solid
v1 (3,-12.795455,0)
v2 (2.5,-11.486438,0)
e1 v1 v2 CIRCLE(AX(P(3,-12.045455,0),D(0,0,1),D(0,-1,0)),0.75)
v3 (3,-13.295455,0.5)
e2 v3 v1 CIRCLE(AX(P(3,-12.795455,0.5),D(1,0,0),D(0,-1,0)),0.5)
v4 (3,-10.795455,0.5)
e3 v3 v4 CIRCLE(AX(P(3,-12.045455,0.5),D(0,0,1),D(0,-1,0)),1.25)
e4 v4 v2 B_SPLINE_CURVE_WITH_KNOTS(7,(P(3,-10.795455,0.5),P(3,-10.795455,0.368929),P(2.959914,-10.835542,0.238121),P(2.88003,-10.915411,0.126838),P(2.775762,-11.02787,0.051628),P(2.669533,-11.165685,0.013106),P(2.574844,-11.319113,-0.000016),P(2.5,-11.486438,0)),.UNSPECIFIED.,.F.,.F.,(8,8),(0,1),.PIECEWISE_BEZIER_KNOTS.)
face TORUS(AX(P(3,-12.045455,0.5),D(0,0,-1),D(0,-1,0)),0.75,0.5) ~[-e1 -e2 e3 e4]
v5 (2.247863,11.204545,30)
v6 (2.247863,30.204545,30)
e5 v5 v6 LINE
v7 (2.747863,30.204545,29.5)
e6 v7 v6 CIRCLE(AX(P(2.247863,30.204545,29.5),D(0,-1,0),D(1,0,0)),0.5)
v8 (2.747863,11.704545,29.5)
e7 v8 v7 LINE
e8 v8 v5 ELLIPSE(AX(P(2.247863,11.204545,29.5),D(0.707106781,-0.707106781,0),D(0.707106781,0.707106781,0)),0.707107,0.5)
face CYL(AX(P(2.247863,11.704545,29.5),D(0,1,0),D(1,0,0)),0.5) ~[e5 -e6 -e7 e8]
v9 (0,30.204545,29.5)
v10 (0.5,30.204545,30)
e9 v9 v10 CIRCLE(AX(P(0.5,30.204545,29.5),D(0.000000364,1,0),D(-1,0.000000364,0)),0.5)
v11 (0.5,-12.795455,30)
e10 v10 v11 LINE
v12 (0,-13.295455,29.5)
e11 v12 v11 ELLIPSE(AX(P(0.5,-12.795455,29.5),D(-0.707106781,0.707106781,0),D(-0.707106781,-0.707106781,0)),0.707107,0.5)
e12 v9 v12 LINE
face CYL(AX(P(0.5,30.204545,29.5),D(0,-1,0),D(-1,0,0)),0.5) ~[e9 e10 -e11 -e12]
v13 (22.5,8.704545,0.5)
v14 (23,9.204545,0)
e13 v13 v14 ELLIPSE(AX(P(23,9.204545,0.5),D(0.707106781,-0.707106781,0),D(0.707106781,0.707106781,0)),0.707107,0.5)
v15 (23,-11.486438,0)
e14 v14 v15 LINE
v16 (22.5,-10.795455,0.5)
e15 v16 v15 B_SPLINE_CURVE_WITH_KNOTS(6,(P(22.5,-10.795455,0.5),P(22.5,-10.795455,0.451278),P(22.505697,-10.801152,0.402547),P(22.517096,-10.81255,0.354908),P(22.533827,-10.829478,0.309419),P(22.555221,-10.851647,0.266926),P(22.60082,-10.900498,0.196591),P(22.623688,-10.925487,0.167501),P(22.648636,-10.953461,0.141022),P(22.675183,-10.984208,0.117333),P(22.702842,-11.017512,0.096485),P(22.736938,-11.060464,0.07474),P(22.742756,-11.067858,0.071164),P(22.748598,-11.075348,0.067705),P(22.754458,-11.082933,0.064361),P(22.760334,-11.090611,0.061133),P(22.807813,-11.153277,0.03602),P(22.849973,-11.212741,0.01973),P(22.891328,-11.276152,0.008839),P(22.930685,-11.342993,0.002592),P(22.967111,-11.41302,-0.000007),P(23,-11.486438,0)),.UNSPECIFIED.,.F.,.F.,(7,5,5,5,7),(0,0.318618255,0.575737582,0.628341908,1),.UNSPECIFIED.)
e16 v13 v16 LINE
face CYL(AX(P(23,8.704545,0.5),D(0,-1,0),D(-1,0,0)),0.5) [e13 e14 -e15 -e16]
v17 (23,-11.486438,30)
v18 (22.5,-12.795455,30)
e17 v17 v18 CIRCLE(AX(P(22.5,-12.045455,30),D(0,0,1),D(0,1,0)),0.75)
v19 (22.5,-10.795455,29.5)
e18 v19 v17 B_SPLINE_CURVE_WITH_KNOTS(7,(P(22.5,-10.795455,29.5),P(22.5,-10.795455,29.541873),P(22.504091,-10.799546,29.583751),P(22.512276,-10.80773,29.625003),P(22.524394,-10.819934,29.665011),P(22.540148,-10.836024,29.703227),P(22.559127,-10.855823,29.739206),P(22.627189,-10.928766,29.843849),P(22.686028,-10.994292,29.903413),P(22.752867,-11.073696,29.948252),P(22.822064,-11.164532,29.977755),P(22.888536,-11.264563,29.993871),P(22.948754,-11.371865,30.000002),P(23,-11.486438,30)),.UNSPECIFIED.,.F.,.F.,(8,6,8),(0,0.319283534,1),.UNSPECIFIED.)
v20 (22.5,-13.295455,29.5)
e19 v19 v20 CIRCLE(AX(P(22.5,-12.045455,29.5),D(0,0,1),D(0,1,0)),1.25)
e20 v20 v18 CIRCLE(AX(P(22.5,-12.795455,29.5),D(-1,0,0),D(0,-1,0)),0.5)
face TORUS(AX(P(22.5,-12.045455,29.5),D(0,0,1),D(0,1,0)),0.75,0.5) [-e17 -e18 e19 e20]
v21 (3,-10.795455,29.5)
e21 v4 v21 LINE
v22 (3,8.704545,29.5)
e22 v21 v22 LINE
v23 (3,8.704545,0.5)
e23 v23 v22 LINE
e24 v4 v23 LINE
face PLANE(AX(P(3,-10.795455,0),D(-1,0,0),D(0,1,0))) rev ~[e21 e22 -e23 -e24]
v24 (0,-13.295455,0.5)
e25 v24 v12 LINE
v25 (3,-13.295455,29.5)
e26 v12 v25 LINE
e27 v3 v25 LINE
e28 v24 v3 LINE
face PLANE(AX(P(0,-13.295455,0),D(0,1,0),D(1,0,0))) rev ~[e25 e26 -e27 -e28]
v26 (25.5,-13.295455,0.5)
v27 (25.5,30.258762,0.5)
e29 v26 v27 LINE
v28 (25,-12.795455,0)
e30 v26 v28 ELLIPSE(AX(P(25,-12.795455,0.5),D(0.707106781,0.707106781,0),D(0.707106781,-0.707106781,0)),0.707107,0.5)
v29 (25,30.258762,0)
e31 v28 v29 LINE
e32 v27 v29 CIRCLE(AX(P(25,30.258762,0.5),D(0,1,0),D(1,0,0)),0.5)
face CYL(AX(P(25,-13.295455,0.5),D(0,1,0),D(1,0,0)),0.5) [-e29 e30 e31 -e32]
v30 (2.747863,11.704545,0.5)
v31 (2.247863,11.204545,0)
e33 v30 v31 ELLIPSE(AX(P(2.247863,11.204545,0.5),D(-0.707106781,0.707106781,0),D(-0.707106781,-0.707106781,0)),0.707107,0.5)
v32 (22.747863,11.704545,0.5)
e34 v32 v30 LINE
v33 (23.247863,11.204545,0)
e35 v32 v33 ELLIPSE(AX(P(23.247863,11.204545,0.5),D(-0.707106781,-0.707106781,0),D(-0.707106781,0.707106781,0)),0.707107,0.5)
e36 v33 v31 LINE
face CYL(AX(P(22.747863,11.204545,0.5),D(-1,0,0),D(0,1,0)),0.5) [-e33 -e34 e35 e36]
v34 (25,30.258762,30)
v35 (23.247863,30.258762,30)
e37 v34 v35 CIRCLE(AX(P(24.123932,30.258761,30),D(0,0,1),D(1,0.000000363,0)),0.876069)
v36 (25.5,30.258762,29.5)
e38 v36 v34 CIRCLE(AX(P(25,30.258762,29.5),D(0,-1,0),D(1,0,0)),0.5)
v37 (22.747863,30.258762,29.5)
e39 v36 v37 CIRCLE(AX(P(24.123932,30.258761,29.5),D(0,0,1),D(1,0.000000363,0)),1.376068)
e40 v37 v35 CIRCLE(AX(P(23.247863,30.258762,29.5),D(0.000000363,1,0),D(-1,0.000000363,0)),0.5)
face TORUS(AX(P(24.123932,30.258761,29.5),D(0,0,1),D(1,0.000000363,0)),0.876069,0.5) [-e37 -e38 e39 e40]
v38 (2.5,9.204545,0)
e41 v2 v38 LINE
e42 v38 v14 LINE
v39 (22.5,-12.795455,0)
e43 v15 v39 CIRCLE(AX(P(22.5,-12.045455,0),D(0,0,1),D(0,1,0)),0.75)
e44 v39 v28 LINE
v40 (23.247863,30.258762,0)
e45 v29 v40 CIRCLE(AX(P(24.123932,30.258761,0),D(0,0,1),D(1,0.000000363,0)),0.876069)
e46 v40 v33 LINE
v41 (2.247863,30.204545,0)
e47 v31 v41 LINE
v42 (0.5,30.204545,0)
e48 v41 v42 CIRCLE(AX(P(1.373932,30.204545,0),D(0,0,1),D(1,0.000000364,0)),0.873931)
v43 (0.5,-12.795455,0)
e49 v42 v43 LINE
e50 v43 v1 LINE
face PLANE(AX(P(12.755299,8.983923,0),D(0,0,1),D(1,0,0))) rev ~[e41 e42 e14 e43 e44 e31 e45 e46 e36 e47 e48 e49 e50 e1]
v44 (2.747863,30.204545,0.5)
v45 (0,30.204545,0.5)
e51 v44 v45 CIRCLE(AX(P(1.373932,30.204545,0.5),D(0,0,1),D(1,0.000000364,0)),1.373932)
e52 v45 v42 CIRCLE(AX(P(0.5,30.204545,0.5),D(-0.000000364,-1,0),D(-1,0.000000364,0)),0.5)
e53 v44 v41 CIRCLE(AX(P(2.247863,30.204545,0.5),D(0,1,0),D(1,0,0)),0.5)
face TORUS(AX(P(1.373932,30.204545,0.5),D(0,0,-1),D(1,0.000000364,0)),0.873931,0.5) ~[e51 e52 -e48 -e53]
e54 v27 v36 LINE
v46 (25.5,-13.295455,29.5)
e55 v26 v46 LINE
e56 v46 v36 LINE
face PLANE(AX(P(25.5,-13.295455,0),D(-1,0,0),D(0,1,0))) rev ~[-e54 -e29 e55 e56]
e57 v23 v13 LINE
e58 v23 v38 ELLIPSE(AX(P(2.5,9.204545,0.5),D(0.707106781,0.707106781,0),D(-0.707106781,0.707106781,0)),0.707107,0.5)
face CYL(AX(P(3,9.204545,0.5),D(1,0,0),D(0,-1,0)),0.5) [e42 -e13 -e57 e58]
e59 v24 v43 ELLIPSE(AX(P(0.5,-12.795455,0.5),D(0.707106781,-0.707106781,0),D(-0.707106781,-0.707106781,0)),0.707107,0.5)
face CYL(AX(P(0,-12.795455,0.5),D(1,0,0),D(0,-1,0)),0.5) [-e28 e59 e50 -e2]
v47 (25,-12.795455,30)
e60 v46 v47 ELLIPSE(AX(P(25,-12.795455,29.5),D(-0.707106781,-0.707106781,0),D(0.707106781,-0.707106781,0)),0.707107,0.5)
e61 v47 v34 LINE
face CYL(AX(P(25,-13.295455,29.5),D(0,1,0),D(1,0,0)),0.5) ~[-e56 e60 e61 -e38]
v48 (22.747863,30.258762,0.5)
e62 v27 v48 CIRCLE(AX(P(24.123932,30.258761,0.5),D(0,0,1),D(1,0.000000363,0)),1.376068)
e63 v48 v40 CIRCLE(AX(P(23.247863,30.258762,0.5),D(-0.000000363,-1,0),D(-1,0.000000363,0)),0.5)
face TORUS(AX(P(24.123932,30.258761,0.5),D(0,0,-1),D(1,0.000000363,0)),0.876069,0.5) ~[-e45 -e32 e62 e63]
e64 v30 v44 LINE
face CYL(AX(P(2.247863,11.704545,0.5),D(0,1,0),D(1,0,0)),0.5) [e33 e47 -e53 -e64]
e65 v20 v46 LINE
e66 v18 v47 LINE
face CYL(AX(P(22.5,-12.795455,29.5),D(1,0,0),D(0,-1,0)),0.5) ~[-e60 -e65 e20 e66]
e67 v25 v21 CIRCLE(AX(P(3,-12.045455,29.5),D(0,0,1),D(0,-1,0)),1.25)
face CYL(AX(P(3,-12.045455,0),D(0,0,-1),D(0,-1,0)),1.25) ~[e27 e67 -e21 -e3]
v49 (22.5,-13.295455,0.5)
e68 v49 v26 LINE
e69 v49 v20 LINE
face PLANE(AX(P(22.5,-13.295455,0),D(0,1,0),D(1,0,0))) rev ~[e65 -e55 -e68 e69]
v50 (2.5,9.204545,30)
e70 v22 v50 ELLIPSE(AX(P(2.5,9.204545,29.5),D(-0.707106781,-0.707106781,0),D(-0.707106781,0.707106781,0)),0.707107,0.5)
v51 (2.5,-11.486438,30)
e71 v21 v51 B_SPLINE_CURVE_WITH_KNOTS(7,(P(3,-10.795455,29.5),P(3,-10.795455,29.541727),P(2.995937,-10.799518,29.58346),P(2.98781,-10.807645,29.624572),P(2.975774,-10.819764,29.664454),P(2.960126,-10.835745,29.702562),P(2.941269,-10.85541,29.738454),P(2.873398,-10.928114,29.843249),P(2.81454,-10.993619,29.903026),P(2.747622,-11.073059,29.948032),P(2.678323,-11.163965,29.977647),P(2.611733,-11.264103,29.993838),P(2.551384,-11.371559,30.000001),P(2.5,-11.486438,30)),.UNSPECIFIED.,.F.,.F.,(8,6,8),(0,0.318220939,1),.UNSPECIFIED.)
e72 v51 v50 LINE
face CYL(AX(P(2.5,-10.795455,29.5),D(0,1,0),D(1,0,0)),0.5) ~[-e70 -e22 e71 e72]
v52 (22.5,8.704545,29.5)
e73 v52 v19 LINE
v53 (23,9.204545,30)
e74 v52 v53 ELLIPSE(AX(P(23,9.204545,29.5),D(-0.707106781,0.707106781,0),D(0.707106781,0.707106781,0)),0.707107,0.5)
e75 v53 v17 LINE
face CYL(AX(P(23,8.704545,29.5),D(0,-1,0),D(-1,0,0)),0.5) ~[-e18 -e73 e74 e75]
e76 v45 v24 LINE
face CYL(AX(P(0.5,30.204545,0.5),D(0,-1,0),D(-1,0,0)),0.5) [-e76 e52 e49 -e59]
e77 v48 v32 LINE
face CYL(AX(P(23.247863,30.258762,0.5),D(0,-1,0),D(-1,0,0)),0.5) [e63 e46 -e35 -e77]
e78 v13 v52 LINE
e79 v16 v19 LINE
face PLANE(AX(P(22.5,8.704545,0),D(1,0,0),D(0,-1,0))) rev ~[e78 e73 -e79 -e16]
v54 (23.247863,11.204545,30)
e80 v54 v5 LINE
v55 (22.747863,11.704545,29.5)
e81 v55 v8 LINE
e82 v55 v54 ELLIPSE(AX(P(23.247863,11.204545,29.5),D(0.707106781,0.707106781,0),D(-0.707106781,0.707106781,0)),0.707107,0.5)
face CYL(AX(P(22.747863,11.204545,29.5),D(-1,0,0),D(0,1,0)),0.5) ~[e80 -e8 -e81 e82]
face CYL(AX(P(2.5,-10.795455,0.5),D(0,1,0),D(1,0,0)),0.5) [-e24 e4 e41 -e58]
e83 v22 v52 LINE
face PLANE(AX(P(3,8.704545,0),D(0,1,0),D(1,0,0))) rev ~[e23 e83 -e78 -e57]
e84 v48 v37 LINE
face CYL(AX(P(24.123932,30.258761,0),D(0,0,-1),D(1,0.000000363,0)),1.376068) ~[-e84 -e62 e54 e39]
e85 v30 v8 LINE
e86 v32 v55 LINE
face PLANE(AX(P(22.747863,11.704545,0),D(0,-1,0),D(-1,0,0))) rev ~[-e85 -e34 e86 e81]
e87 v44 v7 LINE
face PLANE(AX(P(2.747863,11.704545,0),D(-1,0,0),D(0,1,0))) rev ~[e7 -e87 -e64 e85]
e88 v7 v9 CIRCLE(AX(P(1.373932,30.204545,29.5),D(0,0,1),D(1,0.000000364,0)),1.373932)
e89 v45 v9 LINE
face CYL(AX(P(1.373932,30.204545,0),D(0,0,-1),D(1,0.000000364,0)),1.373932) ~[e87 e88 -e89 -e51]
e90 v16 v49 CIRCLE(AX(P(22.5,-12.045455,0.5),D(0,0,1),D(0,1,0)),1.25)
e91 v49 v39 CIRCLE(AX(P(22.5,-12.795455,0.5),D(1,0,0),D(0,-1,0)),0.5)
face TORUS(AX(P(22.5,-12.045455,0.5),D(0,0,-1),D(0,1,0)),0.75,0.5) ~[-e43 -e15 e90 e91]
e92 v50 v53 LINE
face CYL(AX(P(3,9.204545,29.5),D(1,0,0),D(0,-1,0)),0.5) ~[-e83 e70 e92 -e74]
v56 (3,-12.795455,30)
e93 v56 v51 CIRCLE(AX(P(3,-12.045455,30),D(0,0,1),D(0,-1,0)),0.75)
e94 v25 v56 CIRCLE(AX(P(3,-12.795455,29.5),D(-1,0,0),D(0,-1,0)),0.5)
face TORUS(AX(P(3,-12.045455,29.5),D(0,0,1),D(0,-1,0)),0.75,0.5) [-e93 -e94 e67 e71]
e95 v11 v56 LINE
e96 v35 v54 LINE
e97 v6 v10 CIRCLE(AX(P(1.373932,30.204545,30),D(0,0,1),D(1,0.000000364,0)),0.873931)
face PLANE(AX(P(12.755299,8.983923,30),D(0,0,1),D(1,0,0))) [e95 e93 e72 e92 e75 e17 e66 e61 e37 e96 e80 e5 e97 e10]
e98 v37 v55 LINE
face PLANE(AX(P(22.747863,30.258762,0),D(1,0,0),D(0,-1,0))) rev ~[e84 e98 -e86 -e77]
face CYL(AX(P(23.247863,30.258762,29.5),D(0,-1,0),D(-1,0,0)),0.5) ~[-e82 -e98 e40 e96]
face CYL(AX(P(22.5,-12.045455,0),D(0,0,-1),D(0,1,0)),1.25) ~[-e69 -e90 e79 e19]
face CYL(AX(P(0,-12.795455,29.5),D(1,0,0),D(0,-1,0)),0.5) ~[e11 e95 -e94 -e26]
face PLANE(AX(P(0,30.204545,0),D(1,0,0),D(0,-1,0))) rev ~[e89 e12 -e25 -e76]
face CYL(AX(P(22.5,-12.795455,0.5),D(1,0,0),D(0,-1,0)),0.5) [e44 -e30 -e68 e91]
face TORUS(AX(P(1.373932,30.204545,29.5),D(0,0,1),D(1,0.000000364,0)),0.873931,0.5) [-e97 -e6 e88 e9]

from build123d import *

# Parameters (mm, degrees)
F1_DEPTH = 30
F2_R     = 0.5


with BuildPart() as f1:
    # F0 (on Top) → F1 (new body)
    with BuildSketch(Plane.XY):
        with BuildLine():
            Line((0, 30.204545), (0, 0))
            Line((0, 0), (0, -13.295455))
            Line((0, -13.295455), (3, -13.295455))
            Line((3, -13.295455), (3, -10.795455))
            Line((3, -10.795455), (3, 8.704545))
            Line((3, 8.704545), (22.5, 8.704545))
            Line((22.5, 8.704545), (22.5, -10.795455))
            Line((22.5, -10.795455), (22.5, -13.295455))
            Line((22.5, -13.295455), (25.5, -13.295455))
            Line((25.5, -13.295455), (25.5, 30.258762))
            ThreePointArc((25.5, 30.258762), (24.123931, 31.63483), (22.747863, 30.258762))
            Line((22.747863, 30.258762), (22.747863, 11.704545))
            Line((22.747863, 11.704545), (2.747863, 11.704545))
            Line((2.747863, 11.704545), (2.747863, 30.204545))
            ThreePointArc((2.747863, 30.204545), (1.373931, 31.578476), (0, 30.204545))
        make_face()
        with BuildLine():
            Line((3, -10.795455), (3, -13.295455))
            ThreePointArc((3, -13.295455), (4.25, -12.045455), (3, -10.795455))
        make_face()
        with BuildLine():
            Line((22.5, -13.295455), (22.5, -10.795455))
            ThreePointArc((22.5, -10.795455), (21.25, -12.045455), (22.5, -13.295455))
        make_face()
    extrude(amount=F1_DEPTH)

    # F2
    f2_edges = [f1.edges().sort_by_distance(p)[0] for p in [
        (0, 8.454545, 30),
        (3, -1.045455, 30),
        (4.25, -12.045455, 30),
        (12.747863, 11.704545, 30),
        (2.747863, 20.954545, 30),
        (1.373931, 31.578476, 30),
        (1.5, -13.295455, 30),
        (12.75, 8.704545, 30),
        (22.5, -1.045455, 30),
        (21.25, -12.045455, 30),
        (24, -13.295455, 30),
        (25.5, 8.481653, 30),
        (24.123931, 31.63483, 30),
        (22.747863, 20.981653, 30),
        (12.747863, 11.704545, 0),
        (2.747863, 20.954545, 0),
        (1.373931, 31.578476, 0),
        (0, 8.454545, 0),
        (1.5, -13.295455, 0),
        (4.25, -12.045455, 0),
        (3, -1.045455, 0),
        (12.75, 8.704545, 0),
        (22.5, -1.045455, 0),
        (21.25, -12.045455, 0),
        (24, -13.295455, 0),
        (25.5, 8.481653, 0),
        (24.123931, 31.63483, 0),
        (22.747863, 20.981653, 0),
    ]]
    fillet(f2_edges, radius=F2_R)


solid = f1.part
